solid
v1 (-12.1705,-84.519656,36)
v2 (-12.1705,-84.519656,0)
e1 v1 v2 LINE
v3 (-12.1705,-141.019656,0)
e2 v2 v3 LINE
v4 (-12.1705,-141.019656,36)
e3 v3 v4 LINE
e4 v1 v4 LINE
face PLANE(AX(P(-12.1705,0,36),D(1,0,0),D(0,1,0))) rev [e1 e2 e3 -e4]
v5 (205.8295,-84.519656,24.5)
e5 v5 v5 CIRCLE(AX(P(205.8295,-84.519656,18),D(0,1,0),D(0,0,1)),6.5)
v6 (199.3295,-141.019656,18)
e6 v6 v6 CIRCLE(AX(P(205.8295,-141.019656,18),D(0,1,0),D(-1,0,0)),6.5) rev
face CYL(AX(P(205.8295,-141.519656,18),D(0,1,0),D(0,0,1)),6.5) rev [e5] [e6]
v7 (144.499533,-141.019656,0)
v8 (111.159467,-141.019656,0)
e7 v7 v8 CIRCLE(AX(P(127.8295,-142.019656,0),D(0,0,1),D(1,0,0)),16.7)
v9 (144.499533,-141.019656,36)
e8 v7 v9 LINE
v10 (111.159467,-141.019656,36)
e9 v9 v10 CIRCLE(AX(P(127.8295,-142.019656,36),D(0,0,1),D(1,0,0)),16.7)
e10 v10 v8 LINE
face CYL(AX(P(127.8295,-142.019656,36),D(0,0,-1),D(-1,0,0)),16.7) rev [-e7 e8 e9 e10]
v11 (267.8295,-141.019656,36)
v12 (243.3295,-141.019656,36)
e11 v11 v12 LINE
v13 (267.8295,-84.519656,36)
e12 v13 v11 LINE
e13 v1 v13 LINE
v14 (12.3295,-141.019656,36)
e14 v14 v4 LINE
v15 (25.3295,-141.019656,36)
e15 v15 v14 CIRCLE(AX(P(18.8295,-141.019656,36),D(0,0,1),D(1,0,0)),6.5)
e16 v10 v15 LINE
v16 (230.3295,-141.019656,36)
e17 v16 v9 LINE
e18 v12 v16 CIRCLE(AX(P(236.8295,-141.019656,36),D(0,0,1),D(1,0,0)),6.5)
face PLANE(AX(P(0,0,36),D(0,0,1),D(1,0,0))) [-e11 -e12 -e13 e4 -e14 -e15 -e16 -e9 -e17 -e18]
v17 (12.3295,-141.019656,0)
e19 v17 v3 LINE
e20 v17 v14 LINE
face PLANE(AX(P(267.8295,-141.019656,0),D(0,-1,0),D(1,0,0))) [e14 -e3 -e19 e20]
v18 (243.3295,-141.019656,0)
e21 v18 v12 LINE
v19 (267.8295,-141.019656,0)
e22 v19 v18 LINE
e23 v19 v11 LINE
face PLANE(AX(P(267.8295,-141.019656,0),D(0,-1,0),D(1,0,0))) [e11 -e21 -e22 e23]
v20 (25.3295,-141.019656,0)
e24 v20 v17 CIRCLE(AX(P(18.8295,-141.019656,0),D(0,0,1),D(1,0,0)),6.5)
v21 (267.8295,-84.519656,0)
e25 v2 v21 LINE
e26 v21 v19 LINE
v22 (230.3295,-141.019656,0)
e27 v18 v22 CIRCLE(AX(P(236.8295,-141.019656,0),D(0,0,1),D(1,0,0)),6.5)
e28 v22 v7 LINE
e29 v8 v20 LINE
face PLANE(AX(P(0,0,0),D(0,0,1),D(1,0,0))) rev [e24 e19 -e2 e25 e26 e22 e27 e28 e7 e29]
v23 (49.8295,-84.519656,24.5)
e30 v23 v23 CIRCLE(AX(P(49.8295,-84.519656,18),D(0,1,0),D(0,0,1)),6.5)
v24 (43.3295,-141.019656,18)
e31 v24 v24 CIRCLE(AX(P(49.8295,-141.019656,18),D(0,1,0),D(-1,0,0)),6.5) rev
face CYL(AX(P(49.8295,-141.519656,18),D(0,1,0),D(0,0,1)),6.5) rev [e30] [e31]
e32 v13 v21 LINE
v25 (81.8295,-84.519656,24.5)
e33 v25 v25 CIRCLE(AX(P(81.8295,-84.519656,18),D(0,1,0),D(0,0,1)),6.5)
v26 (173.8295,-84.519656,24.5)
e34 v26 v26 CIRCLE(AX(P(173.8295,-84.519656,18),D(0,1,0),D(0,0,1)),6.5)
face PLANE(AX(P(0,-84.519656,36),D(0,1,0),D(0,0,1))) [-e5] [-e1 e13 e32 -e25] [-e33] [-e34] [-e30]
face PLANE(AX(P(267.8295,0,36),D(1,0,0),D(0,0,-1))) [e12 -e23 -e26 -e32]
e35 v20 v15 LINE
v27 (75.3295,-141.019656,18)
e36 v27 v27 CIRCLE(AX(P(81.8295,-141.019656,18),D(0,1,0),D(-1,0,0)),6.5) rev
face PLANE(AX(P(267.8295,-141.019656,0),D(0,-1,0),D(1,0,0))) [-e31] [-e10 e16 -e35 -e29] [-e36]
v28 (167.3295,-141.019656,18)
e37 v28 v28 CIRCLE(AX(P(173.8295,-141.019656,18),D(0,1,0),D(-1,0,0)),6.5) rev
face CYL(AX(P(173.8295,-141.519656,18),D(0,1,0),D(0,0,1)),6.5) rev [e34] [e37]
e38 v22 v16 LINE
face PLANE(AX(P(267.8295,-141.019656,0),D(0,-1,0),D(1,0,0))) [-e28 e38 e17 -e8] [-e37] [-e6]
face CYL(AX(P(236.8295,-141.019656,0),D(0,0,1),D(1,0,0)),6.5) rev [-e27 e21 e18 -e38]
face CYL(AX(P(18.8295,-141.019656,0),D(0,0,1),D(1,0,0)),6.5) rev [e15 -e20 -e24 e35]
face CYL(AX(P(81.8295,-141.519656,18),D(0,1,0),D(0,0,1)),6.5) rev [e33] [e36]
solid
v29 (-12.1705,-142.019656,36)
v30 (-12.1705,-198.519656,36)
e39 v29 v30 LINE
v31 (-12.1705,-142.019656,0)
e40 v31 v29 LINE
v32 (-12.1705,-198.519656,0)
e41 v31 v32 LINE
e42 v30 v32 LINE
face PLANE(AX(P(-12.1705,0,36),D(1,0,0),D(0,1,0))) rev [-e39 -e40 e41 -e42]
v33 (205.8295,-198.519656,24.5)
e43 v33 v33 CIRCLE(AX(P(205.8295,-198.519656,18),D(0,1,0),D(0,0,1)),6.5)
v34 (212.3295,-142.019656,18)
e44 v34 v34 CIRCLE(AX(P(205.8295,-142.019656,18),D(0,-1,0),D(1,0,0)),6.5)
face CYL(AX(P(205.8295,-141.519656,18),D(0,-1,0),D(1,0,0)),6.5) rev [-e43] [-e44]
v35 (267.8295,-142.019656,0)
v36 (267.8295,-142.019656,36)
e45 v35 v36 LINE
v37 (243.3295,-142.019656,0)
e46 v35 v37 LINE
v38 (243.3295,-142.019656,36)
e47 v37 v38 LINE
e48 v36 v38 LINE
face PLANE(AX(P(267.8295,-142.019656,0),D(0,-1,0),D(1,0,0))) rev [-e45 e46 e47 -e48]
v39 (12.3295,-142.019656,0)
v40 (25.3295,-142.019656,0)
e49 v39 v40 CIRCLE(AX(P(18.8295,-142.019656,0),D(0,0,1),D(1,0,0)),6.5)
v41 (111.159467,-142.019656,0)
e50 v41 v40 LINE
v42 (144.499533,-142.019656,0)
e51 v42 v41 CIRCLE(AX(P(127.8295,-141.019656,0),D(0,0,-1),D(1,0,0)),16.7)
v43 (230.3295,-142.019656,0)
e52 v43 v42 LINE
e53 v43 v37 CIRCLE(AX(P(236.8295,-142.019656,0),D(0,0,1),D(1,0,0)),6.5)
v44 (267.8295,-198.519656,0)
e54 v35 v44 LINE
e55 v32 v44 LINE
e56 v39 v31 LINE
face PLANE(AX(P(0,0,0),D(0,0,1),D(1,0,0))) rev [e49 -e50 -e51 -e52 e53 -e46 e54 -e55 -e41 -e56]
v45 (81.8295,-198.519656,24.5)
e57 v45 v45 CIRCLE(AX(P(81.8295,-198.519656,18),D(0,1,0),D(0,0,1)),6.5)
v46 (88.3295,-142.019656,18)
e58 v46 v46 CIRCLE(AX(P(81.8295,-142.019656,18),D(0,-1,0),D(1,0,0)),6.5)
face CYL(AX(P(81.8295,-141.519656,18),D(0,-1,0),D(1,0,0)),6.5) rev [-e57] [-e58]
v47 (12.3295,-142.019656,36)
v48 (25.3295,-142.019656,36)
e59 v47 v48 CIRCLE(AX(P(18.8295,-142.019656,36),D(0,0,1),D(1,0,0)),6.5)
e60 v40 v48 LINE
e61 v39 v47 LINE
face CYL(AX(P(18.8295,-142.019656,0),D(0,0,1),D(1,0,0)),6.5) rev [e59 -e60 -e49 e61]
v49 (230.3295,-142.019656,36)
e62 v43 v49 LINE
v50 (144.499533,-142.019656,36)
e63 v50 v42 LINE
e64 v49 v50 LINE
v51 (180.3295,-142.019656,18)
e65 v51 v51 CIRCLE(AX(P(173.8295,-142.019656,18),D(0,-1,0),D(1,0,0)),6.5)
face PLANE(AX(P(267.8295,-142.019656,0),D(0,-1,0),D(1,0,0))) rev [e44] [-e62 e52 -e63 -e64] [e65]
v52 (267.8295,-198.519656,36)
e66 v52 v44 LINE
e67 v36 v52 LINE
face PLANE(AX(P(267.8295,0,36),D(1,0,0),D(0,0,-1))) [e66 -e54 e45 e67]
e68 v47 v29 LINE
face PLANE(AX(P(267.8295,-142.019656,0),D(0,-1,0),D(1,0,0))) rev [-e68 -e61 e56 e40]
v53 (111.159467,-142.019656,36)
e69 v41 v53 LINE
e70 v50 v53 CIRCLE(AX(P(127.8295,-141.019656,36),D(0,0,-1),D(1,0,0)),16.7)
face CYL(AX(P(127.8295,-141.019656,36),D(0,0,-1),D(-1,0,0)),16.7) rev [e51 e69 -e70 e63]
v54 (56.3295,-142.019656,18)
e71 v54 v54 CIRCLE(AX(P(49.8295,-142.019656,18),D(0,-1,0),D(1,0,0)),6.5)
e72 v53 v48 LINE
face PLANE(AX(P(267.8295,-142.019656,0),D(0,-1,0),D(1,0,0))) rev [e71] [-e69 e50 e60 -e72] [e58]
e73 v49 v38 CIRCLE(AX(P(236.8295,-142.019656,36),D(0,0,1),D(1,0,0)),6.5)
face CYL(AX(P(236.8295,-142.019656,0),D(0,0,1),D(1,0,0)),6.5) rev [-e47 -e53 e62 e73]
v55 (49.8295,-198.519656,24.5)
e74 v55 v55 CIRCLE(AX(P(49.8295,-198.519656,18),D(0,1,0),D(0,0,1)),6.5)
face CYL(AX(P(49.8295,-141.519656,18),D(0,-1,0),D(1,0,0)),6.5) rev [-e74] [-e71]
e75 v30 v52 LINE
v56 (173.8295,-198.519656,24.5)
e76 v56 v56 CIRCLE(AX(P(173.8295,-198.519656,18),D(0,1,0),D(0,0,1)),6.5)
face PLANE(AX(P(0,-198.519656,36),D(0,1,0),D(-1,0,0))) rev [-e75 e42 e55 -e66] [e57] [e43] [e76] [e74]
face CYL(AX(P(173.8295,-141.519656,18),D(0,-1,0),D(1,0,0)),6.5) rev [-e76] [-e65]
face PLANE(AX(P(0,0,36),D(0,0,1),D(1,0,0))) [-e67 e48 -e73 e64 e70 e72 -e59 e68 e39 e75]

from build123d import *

# Parameters (mm, degrees)
BOSS_EXTRUDE1_DEPTH = 36
SKETCH2_W           = 36
SKETCH2_H           = 0.5
CUT_EXTRUDE1_DEPTH  = 281
SKETCH4_R           = 6.5
CUT_EXTRUDE3_DEPTH  = 58
SKETCH5_W           = 36
SKETCH5_H           = 0.5
CUT_EXTRUDE4_DEPTH  = 281
CUT_EXTRUDE5_DEPTH  = 37


with BuildPart() as part:
    # Sketch1 → Boss-Extrude1 (new body)
    with BuildSketch(Plane.XY):
        with BuildLine():
            Line((267.829500207, -84.51965646), (-12.170499793, -84.51965646))
            Line((-12.170499793, -84.51965646), (-12.170499793, -142.01965646))
            Line((-12.170499793, -142.01965646), (111.129500207, -142.01965646))
            ThreePointArc((111.129500207, -142.01965646), (127.829500207, -125.31965646), (144.529500207, -142.01965646))
            Line((144.529500207, -142.01965646), (267.829500207, -142.01965646))
            Line((267.829500207, -142.01965646), (267.829500207, -84.51965646))
        make_face()
    boss_extrude1 = extrude(amount=BOSS_EXTRUDE1_DEPTH)

    # Sketch2 → Cut-Extrude1 (cut, through all)
    with BuildSketch(Plane.ZY.offset(12.170499793)):
        with Locations((18, -141.76965646)):
            Rectangle(SKETCH2_W, SKETCH2_H)
    cut_extrude1 = extrude(amount=-CUT_EXTRUDE1_DEPTH, mode=Mode.SUBTRACT)

    # Sketch4 → Cut-Extrude3 (cut, through all)
    with BuildSketch(Plane(origin=(0, -84.51965646, 0), x_dir=(1, 0, 0), z_dir=(0, 1, 0))):
        with Locations((205.829500207, -18)):
            Circle(SKETCH4_R)
        with Locations((173.829500207, -18)):
            Circle(SKETCH4_R)
        with Locations((81.829500207, -18)):
            Circle(SKETCH4_R)
        with Locations((49.829500207, -18)):
            Circle(SKETCH4_R)
    cut_extrude3 = extrude(amount=-CUT_EXTRUDE3_DEPTH, mode=Mode.SUBTRACT)

    # Mirror1: Boss-Extrude1, Cut-Extrude1, Cut-Extrude3 across plane
    add(boss_extrude1.mirror(Plane(origin=(267.829500207, -141.51965646, 0), x_dir=(0, 0, 1), z_dir=(0, 1, 0))))
    add(cut_extrude1.mirror(Plane(origin=(267.829500207, -141.51965646, 0), x_dir=(0, 0, 1), z_dir=(0, 1, 0))), mode=Mode.SUBTRACT)
    add(cut_extrude3.mirror(Plane(origin=(267.829500207, -141.51965646, 0), x_dir=(0, 0, 1), z_dir=(0, 1, 0))), mode=Mode.SUBTRACT)

    # Sketch5 → Cut-Extrude4 (cut, through all)
    with BuildSketch(Plane.ZY.offset(12.170499793)):
        with Locations((18, -141.76965646)):
            Rectangle(SKETCH5_W, SKETCH5_H)
    extrude(amount=-CUT_EXTRUDE4_DEPTH, mode=Mode.SUBTRACT)

    # Sketch3 → Cut-Extrude5 (cut, through all)
    with BuildSketch(Plane.XY.offset(36)):
        with BuildLine():
            ThreePointArc((25.329500207, -141.01965646), (18.829500207, -134.51965646), (12.329500207, -141.01965646))
            Line((12.329500207, -141.01965646), (25.329500207, -141.01965646))
        make_face()
        with BuildLine():
            ThreePointArc((243.329500207, -141.01965646), (236.829500207, -134.51965646), (230.329500207, -141.01965646))
            Line((230.329500207, -141.01965646), (243.329500207, -141.01965646))
        make_face()
        with BuildLine():
            Line((12.329500207, -142.01965646), (25.329500207, -142.01965646))
            ThreePointArc((25.329500207, -142.01965646), (18.829500207, -148.51965646), (12.329500207, -142.01965646))
        make_face()
        with BuildLine():
            Line((230.329500207, -142.01965646), (243.329500207, -142.01965646))
            ThreePointArc((243.329500207, -142.01965646), (236.829500207, -148.51965646), (230.329500207, -142.01965646))
        make_face()
    extrude(amount=-CUT_EXTRUDE5_DEPTH, mode=Mode.SUBTRACT)


solid = part.part
